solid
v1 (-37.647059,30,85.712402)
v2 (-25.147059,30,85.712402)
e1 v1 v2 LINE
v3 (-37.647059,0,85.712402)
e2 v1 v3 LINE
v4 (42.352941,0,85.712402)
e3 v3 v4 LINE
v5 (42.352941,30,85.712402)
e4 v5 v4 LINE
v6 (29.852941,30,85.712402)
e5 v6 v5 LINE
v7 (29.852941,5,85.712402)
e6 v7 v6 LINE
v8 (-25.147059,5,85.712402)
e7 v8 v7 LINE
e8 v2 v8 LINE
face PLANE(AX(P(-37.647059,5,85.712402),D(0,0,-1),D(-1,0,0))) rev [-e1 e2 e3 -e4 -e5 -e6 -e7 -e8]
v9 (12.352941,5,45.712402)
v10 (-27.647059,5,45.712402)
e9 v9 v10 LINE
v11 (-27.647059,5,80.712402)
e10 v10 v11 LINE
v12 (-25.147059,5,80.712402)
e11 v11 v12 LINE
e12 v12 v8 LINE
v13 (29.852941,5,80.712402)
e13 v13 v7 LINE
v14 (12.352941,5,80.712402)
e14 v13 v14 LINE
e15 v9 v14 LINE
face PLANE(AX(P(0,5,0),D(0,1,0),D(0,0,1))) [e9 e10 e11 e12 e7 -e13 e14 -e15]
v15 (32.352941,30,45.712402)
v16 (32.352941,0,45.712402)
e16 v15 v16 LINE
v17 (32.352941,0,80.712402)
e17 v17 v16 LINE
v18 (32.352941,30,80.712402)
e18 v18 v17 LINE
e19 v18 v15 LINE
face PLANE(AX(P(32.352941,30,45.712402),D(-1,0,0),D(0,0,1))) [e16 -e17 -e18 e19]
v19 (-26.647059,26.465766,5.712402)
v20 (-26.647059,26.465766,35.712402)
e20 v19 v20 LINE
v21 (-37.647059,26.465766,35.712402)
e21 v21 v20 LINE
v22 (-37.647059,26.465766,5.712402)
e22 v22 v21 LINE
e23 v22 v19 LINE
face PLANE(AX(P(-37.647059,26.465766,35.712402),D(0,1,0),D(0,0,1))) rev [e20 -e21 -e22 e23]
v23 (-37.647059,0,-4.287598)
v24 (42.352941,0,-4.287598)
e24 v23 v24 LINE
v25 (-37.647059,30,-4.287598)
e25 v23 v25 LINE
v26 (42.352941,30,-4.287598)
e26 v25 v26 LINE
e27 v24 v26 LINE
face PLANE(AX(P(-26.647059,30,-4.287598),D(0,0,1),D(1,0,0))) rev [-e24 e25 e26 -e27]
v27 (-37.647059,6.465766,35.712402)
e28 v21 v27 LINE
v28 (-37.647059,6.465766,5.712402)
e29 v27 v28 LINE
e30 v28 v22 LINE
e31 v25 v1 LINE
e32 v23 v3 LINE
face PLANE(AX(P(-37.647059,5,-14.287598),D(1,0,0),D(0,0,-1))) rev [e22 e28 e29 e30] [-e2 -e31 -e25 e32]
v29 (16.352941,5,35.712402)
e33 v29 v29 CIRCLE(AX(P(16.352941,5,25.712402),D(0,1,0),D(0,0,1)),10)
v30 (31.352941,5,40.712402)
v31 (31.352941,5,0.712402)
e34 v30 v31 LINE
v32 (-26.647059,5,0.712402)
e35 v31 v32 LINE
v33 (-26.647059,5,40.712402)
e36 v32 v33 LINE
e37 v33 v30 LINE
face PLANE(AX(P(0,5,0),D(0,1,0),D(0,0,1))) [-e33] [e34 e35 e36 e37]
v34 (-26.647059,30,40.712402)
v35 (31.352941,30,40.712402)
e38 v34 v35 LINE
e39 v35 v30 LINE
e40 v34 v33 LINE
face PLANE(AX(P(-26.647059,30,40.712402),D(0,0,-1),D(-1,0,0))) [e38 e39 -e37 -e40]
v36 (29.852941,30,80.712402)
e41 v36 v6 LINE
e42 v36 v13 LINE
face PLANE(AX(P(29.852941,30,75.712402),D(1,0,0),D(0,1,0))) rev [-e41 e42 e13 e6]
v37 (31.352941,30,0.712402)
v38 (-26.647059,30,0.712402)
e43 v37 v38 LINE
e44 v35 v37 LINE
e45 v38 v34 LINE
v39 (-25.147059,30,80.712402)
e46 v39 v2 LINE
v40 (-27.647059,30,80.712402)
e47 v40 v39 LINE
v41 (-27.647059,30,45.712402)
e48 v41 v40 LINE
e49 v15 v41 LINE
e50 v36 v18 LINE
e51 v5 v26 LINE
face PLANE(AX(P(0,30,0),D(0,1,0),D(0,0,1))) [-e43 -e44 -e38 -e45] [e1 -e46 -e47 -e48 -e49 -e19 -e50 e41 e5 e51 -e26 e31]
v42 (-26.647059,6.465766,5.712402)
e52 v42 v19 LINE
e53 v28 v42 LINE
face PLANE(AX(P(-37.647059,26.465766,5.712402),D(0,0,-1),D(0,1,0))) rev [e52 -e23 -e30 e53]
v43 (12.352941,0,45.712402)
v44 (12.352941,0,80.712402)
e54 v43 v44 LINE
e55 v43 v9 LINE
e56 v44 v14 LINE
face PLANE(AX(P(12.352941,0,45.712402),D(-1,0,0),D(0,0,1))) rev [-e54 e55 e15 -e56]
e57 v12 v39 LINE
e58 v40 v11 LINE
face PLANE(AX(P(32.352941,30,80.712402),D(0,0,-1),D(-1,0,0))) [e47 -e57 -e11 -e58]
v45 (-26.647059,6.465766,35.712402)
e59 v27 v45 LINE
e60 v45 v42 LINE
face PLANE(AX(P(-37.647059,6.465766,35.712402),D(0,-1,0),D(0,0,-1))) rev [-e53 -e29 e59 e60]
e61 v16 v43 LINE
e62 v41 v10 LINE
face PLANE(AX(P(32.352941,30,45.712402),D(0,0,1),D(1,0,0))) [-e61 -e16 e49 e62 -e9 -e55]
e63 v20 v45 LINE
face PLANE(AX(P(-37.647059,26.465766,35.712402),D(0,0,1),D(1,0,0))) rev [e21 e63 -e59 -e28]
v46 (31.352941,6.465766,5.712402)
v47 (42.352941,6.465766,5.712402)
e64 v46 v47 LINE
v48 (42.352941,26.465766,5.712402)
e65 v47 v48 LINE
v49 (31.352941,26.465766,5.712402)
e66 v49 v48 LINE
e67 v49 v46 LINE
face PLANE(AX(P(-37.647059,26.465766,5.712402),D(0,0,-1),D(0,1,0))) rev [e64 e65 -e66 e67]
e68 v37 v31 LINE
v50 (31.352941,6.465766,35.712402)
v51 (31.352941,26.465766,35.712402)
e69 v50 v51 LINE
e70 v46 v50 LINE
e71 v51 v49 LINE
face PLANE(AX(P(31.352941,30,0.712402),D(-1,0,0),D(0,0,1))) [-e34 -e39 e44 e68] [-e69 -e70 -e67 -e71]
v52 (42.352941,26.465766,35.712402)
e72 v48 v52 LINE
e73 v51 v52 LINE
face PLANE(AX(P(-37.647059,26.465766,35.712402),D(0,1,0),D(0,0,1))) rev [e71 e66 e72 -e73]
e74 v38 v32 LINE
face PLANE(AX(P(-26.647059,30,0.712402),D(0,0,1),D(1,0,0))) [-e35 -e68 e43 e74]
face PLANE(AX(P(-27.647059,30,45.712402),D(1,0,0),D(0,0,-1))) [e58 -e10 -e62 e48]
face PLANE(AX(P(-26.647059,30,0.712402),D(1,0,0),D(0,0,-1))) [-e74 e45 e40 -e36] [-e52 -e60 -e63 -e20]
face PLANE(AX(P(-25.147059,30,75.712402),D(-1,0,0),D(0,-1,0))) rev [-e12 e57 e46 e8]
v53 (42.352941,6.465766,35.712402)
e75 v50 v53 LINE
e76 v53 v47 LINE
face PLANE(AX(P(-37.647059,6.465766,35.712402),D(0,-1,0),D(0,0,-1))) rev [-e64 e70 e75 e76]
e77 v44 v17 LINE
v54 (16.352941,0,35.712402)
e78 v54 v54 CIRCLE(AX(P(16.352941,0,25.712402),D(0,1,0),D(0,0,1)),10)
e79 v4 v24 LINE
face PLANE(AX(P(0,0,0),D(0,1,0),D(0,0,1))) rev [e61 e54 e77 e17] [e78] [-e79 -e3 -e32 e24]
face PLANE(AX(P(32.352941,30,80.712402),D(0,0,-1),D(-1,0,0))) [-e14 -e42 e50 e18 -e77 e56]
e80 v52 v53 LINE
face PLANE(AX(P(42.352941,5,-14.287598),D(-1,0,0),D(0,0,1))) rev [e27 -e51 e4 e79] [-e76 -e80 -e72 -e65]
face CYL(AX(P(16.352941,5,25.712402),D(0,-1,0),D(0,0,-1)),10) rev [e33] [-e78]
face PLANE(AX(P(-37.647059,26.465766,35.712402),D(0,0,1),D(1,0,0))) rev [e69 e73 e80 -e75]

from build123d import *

# Parameters (mm, degrees)
SKETCH2_W          = 80
SKETCH2_H          = 100
SKETCH2_R          = 10
CAMERA_LENSE_DEPTH = 5
SKETCH3_W          = 80
SKETCH3_H          = 100
SKETCH3_W_2        = 58
SKETCH3_H_2        = 40
SKETCH3_W_3        = 60
SKETCH3_H_3        = 35
CAMERA_DEPTH       = 25
HOLLOW_START       = -2
SKETCH4_W          = 78
SKETCH4_H          = 27.979664862
HOLLOW_TOP_DEPTH   = 8
SKETCH10_W         = 80
SKETCH10_H         = 10
CUT_EXTRUDE4_DEPTH = 101.201733938
SKETCH11_W         = 30
SKETCH11_H         = 20
CUT_EXTRUDE5_DEPTH = 122.023203799
SKETCH12_W         = 20
SKETCH12_H         = 35
CUT_EXTRUDE6_DEPTH = 99.819975127
SKETCH13_W         = 55
SKETCH13_H         = 25
CUT_EXTRUDE7_DEPTH = 10


with BuildPart() as part:
    # Sketch2 → camera lense (new body)
    with BuildSketch(Plane(origin=(0, 0, 0), x_dir=(1, 0, 0), z_dir=(0, 1, 0))):
        with Locations((2.352941176, -35.712402007)):
            Rectangle(SKETCH2_W, SKETCH2_H)
        with Locations(Location((16.352941176, -25.712402007, 0), (0, 0, 270))):
            Circle(SKETCH2_R, mode=Mode.SUBTRACT)
    extrude(amount=CAMERA_LENSE_DEPTH)

    # Sketch3 → camera (add)
    with BuildSketch(Plane(origin=(0, 5, 0), x_dir=(1, 0, 0), z_dir=(0, 1, 0))):
        with Locations((2.352941176, -35.712402007)):
            Rectangle(SKETCH3_W, SKETCH3_H)
        with Locations((2.352941176, -20.712402007)):
            Rectangle(SKETCH3_W_2, SKETCH3_H_2, mode=Mode.SUBTRACT)
        with Locations((2.352941176, -63.212402007)):
            Rectangle(SKETCH3_W_3, SKETCH3_H_3, mode=Mode.SUBTRACT)
    extrude(amount=CAMERA_DEPTH)

    # Sketch4 → hollow top (cut)
    with BuildSketch(Plane(origin=(0, 0, -14.287597993), x_dir=(-1, 0, 0), z_dir=(0, 0, -1)).offset(HOLLOW_START)):
        with Locations((-2.352941176, 14.989832431)):
            Rectangle(SKETCH4_W, SKETCH4_H)
    extrude(amount=-HOLLOW_TOP_DEPTH, mode=Mode.SUBTRACT)

    # Sketch10 → Cut-Extrude4 (cut, through all)
    with BuildSketch(Plane(origin=(0, 30, 0), x_dir=(1, 0, 0), z_dir=(0, 1, 0))):
        with Locations((2.352941176, 9.287597993)):
            Rectangle(SKETCH10_W, SKETCH10_H)
    extrude(amount=-CUT_EXTRUDE4_DEPTH, mode=Mode.SUBTRACT)

    # Sketch11 → Cut-Extrude5 (cut, through all)
    with BuildSketch(Plane(origin=(42.352941176, 0, 0), x_dir=(0, 0, -1), z_dir=(1, 0, 0))):
        with Locations((-20.712402007, 16.465766073)):
            Rectangle(SKETCH11_W, SKETCH11_H)
    extrude(amount=-CUT_EXTRUDE5_DEPTH, mode=Mode.SUBTRACT)

    # Sketch12 → Cut-Extrude6 (cut, through all)
    with BuildSketch(Plane(origin=(0, 5, 0), x_dir=(1, 0, 0), z_dir=(0, 1, 0))):
        with Locations((22.352941176, -63.212402007)):
            Rectangle(SKETCH12_W, SKETCH12_H)
    extrude(amount=-CUT_EXTRUDE6_DEPTH, mode=Mode.SUBTRACT)

    # Sketch13 → Cut-Extrude7 (cut)
    with BuildSketch(Plane.XY.offset(85.712402007)):
        with Locations((2.352941176, 17.5)):
            Rectangle(SKETCH13_W, SKETCH13_H)
    extrude(amount=-CUT_EXTRUDE7_DEPTH, mode=Mode.SUBTRACT)


solid = part.part
